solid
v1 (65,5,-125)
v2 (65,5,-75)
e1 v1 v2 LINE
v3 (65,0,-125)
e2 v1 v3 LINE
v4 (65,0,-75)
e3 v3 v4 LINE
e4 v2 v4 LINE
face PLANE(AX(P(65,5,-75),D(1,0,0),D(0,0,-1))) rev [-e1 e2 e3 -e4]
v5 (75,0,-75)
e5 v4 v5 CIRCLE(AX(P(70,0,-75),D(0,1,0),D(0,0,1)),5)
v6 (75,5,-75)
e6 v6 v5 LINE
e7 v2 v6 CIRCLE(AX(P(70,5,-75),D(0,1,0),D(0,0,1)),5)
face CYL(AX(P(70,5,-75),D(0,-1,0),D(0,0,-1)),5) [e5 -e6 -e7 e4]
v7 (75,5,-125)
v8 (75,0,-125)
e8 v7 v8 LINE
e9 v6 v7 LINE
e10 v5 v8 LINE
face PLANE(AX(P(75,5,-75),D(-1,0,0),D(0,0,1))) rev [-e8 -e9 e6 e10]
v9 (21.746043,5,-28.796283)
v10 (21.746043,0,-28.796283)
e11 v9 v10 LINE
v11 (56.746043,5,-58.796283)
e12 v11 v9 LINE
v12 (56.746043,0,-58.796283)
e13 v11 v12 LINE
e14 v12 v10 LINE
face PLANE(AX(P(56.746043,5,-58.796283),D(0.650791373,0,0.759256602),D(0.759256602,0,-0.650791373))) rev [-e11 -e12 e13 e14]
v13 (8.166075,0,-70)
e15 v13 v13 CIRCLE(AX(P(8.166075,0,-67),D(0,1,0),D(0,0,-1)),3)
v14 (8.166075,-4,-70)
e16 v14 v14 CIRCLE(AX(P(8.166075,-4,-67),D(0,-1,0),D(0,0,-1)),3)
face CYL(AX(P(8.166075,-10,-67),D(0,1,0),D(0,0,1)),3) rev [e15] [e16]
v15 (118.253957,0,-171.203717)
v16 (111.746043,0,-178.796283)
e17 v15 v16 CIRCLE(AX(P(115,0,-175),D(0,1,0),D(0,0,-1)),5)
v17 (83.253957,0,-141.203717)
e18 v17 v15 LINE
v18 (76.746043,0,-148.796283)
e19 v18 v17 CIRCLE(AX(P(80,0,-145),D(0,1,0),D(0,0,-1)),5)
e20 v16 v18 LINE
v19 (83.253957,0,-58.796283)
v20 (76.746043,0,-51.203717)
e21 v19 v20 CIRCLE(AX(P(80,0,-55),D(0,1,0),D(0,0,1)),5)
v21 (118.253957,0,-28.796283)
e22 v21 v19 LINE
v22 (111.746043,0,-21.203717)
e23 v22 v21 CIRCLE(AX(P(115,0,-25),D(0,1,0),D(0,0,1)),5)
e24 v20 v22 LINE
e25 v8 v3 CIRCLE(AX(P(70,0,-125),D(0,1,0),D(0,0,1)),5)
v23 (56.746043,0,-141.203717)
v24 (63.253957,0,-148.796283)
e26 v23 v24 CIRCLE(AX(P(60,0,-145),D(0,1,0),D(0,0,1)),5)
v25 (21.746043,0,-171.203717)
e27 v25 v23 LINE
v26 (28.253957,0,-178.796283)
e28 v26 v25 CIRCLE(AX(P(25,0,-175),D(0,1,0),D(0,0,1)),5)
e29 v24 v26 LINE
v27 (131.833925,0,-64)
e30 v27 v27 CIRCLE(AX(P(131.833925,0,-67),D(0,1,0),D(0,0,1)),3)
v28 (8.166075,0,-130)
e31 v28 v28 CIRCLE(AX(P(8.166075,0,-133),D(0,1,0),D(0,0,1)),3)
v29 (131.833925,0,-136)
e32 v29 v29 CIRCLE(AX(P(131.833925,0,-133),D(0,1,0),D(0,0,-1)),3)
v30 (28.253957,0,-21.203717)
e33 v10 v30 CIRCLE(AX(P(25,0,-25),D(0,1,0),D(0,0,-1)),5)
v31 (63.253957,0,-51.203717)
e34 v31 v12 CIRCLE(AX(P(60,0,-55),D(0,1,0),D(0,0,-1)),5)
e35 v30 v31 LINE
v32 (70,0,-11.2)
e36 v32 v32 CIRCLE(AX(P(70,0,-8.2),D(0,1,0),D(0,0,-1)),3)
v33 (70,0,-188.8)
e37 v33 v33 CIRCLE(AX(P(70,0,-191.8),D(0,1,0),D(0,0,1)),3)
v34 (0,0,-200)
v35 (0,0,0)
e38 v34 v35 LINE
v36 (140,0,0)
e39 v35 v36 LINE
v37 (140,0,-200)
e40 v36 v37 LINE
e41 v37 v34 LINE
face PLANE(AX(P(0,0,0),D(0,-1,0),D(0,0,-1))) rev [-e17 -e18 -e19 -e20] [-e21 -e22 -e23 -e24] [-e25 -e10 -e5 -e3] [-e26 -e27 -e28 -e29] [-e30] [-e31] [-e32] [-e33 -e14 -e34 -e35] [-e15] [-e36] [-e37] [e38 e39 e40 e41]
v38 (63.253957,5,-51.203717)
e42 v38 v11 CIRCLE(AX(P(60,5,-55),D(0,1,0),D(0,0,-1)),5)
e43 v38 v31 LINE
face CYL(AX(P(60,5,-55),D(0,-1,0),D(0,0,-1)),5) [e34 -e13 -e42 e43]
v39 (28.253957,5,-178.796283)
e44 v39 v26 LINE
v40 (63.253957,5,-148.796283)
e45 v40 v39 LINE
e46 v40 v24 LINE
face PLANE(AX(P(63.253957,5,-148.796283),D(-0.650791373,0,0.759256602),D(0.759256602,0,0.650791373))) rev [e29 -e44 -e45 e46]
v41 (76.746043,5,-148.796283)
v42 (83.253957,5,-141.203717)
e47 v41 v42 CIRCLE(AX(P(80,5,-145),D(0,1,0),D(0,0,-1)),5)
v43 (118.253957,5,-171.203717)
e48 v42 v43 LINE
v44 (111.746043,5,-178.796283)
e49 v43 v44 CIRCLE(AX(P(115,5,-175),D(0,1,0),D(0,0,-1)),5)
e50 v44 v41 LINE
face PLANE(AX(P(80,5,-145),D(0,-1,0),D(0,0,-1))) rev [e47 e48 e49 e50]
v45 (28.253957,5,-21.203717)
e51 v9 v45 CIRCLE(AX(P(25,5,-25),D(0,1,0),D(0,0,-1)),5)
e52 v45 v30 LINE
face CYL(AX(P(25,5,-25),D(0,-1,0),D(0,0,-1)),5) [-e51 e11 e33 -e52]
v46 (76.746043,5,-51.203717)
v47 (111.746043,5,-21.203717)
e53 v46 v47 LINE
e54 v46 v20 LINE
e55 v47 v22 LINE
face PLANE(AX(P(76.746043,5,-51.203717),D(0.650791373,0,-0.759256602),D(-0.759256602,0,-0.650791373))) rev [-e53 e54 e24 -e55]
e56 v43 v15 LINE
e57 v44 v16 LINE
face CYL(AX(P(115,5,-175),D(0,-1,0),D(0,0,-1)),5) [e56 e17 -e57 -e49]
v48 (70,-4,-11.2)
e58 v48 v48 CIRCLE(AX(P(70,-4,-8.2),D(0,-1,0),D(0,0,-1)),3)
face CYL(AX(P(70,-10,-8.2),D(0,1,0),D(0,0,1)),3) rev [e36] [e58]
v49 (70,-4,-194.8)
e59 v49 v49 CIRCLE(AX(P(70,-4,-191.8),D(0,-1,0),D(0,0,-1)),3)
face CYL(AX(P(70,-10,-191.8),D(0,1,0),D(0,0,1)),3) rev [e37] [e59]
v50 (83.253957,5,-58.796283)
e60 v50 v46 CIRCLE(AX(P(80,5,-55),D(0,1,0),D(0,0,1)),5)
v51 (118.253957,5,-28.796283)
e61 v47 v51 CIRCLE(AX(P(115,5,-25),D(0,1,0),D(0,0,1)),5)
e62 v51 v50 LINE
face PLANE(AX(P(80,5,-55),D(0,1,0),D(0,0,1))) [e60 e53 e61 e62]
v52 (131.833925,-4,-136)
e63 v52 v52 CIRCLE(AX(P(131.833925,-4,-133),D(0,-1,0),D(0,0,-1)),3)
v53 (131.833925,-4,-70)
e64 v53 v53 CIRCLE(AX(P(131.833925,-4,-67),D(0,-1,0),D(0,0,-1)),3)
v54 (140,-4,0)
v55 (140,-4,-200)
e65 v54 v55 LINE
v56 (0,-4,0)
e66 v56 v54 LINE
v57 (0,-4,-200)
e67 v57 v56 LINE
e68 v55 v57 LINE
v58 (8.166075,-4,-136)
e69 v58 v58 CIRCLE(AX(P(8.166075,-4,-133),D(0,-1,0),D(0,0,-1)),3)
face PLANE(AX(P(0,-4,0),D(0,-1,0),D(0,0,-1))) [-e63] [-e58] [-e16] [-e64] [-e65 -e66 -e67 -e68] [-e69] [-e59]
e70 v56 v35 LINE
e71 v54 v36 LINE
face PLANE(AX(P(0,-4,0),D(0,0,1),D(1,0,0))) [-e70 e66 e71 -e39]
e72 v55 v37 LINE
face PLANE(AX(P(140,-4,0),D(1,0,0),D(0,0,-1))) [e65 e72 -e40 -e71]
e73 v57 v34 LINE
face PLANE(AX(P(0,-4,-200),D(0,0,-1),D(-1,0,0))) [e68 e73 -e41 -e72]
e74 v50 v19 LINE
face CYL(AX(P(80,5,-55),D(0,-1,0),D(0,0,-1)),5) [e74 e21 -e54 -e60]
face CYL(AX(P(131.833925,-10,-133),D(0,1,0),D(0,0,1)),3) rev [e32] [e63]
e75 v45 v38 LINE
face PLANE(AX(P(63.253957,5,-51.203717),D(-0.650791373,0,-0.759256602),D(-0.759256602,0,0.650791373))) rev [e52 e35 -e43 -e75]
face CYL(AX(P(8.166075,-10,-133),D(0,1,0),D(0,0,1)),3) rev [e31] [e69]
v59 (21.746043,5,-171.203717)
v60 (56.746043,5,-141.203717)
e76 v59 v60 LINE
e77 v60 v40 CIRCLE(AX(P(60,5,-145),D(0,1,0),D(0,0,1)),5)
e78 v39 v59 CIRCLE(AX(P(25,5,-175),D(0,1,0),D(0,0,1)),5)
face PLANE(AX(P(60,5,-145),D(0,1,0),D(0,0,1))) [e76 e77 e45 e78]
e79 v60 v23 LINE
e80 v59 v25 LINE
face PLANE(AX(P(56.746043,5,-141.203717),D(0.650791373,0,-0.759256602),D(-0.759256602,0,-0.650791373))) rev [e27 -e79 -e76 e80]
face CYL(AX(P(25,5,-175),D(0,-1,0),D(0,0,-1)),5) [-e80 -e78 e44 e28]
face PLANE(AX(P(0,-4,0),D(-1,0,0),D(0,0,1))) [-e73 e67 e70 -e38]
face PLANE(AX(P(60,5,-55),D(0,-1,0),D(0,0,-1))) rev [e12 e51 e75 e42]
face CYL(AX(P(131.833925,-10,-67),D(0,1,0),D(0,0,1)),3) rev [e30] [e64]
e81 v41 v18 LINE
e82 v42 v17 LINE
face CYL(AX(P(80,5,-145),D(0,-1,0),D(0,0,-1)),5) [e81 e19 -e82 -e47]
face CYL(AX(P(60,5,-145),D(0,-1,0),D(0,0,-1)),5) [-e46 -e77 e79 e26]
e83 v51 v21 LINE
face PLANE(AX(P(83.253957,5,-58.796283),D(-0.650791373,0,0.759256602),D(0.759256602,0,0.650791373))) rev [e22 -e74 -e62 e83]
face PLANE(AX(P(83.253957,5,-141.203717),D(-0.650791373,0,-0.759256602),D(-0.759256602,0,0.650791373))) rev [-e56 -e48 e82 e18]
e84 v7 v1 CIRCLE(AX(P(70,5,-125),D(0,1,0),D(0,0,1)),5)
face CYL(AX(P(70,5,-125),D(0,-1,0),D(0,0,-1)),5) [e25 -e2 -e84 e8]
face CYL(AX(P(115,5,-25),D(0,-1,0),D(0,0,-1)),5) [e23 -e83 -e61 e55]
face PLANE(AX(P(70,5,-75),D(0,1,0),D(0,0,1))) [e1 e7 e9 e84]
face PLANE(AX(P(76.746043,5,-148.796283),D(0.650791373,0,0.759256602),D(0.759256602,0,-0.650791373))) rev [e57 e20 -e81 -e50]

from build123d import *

# Parameters (mm, degrees)
SKETCH2_W           = 140
SKETCH2_H           = 200
BOSS_EXTRUDE1_DEPTH = 4
BOSS_EXTRUDE2_DEPTH = 5
SKETCH4_R           = 3
CUT_EXTRUDE1_DEPTH  = 10


with BuildPart() as part:
    # Sketch2 → Boss-Extrude1 (new body)
    with BuildSketch(Plane(origin=(0, 0, 0), x_dir=(1, 0, 0), z_dir=(0, 1, 0))):
        with Locations((70, 100)):
            Rectangle(SKETCH2_W, SKETCH2_H)
    extrude(amount=-BOSS_EXTRUDE1_DEPTH)

    # Sketch1 → Boss-Extrude2 (add)
    with BuildSketch(Plane(origin=(0, 0, 0), x_dir=(1, 0, 0), z_dir=(0, 1, 0))):
        with BuildLine():
            Line((83.253956867, 58.796283012), (118.253956867, 28.796283012))
            ThreePointArc((118.253956867, 28.796283012), (118.796283012, 21.746043133), (111.746043133, 21.203716988))
            Line((111.746043133, 21.203716988), (76.746043133, 51.203716988))
            ThreePointArc((76.746043133, 51.203716988), (76.203716988, 58.253956867), (83.253956867, 58.796283012))
        make_face()
        with BuildLine():
            Line((65, 75), (65, 125))
            ThreePointArc((65, 125), (70, 130), (75, 125))
            Line((75, 125), (75, 75))
            ThreePointArc((75, 75), (70, 70), (65, 75))
        make_face()
        with BuildLine():
            Line((56.746043133, 58.796283012), (21.746043133, 28.796283012))
            ThreePointArc((21.746043133, 28.796283012), (21.203716988, 21.746043133), (28.253956867, 21.203716988))
            Line((28.253956867, 21.203716988), (63.253956867, 51.203716988))
            ThreePointArc((63.253956867, 51.203716988), (63.796283012, 58.253956867), (56.746043133, 58.796283012))
        make_face()
        with BuildLine():
            Line((56.746043133, 141.203716988), (21.746043133, 171.203716988))
            ThreePointArc((21.746043133, 171.203716988), (21.203716988, 178.253956867), (28.253956867, 178.796283012))
            Line((28.253956867, 178.796283012), (63.253956867, 148.796283012))
            ThreePointArc((63.253956867, 148.796283012), (63.796283012, 141.746043133), (56.746043133, 141.203716988))
        make_face()
        with BuildLine():
            Line((83.253956867, 141.203716988), (118.253956867, 171.203716988))
            ThreePointArc((118.253956867, 171.203716988), (118.796283012, 178.253956867), (111.746043133, 178.796283012))
            Line((111.746043133, 178.796283012), (76.746043133, 148.796283012))
            ThreePointArc((76.746043133, 148.796283012), (76.203716988, 141.746043133), (83.253956867, 141.203716988))
        make_face()
    extrude(amount=BOSS_EXTRUDE2_DEPTH)

    # Sketch4 → Cut-Extrude1 (cut)
    with BuildSketch(Plane(origin=(0, 0, 0), x_dir=(1, 0, 0), z_dir=(0, 1, 0))):
        with Locations(Location((70, 191.8, 0), (0, 0, 270))):
            Circle(SKETCH4_R)
        with Locations(Location((8.166074554, 133, 0), (0, 0, 270))):
            Circle(SKETCH4_R)
        with Locations(Location((70, 8.2, 0), (0, 0, 90))):
            Circle(SKETCH4_R)
        with Locations(Location((8.166074554, 67, 0), (0, 0, 90))):
            Circle(SKETCH4_R)
        with Locations(Location((131.833925446, 67, 0), (0, 0, 270))):
            Circle(SKETCH4_R)
        with Locations(Location((131.833925446, 133, 0), (0, 0, 90))):
            Circle(SKETCH4_R)
    extrude(amount=-CUT_EXTRUDE1_DEPTH, mode=Mode.SUBTRACT)


solid = part.part
